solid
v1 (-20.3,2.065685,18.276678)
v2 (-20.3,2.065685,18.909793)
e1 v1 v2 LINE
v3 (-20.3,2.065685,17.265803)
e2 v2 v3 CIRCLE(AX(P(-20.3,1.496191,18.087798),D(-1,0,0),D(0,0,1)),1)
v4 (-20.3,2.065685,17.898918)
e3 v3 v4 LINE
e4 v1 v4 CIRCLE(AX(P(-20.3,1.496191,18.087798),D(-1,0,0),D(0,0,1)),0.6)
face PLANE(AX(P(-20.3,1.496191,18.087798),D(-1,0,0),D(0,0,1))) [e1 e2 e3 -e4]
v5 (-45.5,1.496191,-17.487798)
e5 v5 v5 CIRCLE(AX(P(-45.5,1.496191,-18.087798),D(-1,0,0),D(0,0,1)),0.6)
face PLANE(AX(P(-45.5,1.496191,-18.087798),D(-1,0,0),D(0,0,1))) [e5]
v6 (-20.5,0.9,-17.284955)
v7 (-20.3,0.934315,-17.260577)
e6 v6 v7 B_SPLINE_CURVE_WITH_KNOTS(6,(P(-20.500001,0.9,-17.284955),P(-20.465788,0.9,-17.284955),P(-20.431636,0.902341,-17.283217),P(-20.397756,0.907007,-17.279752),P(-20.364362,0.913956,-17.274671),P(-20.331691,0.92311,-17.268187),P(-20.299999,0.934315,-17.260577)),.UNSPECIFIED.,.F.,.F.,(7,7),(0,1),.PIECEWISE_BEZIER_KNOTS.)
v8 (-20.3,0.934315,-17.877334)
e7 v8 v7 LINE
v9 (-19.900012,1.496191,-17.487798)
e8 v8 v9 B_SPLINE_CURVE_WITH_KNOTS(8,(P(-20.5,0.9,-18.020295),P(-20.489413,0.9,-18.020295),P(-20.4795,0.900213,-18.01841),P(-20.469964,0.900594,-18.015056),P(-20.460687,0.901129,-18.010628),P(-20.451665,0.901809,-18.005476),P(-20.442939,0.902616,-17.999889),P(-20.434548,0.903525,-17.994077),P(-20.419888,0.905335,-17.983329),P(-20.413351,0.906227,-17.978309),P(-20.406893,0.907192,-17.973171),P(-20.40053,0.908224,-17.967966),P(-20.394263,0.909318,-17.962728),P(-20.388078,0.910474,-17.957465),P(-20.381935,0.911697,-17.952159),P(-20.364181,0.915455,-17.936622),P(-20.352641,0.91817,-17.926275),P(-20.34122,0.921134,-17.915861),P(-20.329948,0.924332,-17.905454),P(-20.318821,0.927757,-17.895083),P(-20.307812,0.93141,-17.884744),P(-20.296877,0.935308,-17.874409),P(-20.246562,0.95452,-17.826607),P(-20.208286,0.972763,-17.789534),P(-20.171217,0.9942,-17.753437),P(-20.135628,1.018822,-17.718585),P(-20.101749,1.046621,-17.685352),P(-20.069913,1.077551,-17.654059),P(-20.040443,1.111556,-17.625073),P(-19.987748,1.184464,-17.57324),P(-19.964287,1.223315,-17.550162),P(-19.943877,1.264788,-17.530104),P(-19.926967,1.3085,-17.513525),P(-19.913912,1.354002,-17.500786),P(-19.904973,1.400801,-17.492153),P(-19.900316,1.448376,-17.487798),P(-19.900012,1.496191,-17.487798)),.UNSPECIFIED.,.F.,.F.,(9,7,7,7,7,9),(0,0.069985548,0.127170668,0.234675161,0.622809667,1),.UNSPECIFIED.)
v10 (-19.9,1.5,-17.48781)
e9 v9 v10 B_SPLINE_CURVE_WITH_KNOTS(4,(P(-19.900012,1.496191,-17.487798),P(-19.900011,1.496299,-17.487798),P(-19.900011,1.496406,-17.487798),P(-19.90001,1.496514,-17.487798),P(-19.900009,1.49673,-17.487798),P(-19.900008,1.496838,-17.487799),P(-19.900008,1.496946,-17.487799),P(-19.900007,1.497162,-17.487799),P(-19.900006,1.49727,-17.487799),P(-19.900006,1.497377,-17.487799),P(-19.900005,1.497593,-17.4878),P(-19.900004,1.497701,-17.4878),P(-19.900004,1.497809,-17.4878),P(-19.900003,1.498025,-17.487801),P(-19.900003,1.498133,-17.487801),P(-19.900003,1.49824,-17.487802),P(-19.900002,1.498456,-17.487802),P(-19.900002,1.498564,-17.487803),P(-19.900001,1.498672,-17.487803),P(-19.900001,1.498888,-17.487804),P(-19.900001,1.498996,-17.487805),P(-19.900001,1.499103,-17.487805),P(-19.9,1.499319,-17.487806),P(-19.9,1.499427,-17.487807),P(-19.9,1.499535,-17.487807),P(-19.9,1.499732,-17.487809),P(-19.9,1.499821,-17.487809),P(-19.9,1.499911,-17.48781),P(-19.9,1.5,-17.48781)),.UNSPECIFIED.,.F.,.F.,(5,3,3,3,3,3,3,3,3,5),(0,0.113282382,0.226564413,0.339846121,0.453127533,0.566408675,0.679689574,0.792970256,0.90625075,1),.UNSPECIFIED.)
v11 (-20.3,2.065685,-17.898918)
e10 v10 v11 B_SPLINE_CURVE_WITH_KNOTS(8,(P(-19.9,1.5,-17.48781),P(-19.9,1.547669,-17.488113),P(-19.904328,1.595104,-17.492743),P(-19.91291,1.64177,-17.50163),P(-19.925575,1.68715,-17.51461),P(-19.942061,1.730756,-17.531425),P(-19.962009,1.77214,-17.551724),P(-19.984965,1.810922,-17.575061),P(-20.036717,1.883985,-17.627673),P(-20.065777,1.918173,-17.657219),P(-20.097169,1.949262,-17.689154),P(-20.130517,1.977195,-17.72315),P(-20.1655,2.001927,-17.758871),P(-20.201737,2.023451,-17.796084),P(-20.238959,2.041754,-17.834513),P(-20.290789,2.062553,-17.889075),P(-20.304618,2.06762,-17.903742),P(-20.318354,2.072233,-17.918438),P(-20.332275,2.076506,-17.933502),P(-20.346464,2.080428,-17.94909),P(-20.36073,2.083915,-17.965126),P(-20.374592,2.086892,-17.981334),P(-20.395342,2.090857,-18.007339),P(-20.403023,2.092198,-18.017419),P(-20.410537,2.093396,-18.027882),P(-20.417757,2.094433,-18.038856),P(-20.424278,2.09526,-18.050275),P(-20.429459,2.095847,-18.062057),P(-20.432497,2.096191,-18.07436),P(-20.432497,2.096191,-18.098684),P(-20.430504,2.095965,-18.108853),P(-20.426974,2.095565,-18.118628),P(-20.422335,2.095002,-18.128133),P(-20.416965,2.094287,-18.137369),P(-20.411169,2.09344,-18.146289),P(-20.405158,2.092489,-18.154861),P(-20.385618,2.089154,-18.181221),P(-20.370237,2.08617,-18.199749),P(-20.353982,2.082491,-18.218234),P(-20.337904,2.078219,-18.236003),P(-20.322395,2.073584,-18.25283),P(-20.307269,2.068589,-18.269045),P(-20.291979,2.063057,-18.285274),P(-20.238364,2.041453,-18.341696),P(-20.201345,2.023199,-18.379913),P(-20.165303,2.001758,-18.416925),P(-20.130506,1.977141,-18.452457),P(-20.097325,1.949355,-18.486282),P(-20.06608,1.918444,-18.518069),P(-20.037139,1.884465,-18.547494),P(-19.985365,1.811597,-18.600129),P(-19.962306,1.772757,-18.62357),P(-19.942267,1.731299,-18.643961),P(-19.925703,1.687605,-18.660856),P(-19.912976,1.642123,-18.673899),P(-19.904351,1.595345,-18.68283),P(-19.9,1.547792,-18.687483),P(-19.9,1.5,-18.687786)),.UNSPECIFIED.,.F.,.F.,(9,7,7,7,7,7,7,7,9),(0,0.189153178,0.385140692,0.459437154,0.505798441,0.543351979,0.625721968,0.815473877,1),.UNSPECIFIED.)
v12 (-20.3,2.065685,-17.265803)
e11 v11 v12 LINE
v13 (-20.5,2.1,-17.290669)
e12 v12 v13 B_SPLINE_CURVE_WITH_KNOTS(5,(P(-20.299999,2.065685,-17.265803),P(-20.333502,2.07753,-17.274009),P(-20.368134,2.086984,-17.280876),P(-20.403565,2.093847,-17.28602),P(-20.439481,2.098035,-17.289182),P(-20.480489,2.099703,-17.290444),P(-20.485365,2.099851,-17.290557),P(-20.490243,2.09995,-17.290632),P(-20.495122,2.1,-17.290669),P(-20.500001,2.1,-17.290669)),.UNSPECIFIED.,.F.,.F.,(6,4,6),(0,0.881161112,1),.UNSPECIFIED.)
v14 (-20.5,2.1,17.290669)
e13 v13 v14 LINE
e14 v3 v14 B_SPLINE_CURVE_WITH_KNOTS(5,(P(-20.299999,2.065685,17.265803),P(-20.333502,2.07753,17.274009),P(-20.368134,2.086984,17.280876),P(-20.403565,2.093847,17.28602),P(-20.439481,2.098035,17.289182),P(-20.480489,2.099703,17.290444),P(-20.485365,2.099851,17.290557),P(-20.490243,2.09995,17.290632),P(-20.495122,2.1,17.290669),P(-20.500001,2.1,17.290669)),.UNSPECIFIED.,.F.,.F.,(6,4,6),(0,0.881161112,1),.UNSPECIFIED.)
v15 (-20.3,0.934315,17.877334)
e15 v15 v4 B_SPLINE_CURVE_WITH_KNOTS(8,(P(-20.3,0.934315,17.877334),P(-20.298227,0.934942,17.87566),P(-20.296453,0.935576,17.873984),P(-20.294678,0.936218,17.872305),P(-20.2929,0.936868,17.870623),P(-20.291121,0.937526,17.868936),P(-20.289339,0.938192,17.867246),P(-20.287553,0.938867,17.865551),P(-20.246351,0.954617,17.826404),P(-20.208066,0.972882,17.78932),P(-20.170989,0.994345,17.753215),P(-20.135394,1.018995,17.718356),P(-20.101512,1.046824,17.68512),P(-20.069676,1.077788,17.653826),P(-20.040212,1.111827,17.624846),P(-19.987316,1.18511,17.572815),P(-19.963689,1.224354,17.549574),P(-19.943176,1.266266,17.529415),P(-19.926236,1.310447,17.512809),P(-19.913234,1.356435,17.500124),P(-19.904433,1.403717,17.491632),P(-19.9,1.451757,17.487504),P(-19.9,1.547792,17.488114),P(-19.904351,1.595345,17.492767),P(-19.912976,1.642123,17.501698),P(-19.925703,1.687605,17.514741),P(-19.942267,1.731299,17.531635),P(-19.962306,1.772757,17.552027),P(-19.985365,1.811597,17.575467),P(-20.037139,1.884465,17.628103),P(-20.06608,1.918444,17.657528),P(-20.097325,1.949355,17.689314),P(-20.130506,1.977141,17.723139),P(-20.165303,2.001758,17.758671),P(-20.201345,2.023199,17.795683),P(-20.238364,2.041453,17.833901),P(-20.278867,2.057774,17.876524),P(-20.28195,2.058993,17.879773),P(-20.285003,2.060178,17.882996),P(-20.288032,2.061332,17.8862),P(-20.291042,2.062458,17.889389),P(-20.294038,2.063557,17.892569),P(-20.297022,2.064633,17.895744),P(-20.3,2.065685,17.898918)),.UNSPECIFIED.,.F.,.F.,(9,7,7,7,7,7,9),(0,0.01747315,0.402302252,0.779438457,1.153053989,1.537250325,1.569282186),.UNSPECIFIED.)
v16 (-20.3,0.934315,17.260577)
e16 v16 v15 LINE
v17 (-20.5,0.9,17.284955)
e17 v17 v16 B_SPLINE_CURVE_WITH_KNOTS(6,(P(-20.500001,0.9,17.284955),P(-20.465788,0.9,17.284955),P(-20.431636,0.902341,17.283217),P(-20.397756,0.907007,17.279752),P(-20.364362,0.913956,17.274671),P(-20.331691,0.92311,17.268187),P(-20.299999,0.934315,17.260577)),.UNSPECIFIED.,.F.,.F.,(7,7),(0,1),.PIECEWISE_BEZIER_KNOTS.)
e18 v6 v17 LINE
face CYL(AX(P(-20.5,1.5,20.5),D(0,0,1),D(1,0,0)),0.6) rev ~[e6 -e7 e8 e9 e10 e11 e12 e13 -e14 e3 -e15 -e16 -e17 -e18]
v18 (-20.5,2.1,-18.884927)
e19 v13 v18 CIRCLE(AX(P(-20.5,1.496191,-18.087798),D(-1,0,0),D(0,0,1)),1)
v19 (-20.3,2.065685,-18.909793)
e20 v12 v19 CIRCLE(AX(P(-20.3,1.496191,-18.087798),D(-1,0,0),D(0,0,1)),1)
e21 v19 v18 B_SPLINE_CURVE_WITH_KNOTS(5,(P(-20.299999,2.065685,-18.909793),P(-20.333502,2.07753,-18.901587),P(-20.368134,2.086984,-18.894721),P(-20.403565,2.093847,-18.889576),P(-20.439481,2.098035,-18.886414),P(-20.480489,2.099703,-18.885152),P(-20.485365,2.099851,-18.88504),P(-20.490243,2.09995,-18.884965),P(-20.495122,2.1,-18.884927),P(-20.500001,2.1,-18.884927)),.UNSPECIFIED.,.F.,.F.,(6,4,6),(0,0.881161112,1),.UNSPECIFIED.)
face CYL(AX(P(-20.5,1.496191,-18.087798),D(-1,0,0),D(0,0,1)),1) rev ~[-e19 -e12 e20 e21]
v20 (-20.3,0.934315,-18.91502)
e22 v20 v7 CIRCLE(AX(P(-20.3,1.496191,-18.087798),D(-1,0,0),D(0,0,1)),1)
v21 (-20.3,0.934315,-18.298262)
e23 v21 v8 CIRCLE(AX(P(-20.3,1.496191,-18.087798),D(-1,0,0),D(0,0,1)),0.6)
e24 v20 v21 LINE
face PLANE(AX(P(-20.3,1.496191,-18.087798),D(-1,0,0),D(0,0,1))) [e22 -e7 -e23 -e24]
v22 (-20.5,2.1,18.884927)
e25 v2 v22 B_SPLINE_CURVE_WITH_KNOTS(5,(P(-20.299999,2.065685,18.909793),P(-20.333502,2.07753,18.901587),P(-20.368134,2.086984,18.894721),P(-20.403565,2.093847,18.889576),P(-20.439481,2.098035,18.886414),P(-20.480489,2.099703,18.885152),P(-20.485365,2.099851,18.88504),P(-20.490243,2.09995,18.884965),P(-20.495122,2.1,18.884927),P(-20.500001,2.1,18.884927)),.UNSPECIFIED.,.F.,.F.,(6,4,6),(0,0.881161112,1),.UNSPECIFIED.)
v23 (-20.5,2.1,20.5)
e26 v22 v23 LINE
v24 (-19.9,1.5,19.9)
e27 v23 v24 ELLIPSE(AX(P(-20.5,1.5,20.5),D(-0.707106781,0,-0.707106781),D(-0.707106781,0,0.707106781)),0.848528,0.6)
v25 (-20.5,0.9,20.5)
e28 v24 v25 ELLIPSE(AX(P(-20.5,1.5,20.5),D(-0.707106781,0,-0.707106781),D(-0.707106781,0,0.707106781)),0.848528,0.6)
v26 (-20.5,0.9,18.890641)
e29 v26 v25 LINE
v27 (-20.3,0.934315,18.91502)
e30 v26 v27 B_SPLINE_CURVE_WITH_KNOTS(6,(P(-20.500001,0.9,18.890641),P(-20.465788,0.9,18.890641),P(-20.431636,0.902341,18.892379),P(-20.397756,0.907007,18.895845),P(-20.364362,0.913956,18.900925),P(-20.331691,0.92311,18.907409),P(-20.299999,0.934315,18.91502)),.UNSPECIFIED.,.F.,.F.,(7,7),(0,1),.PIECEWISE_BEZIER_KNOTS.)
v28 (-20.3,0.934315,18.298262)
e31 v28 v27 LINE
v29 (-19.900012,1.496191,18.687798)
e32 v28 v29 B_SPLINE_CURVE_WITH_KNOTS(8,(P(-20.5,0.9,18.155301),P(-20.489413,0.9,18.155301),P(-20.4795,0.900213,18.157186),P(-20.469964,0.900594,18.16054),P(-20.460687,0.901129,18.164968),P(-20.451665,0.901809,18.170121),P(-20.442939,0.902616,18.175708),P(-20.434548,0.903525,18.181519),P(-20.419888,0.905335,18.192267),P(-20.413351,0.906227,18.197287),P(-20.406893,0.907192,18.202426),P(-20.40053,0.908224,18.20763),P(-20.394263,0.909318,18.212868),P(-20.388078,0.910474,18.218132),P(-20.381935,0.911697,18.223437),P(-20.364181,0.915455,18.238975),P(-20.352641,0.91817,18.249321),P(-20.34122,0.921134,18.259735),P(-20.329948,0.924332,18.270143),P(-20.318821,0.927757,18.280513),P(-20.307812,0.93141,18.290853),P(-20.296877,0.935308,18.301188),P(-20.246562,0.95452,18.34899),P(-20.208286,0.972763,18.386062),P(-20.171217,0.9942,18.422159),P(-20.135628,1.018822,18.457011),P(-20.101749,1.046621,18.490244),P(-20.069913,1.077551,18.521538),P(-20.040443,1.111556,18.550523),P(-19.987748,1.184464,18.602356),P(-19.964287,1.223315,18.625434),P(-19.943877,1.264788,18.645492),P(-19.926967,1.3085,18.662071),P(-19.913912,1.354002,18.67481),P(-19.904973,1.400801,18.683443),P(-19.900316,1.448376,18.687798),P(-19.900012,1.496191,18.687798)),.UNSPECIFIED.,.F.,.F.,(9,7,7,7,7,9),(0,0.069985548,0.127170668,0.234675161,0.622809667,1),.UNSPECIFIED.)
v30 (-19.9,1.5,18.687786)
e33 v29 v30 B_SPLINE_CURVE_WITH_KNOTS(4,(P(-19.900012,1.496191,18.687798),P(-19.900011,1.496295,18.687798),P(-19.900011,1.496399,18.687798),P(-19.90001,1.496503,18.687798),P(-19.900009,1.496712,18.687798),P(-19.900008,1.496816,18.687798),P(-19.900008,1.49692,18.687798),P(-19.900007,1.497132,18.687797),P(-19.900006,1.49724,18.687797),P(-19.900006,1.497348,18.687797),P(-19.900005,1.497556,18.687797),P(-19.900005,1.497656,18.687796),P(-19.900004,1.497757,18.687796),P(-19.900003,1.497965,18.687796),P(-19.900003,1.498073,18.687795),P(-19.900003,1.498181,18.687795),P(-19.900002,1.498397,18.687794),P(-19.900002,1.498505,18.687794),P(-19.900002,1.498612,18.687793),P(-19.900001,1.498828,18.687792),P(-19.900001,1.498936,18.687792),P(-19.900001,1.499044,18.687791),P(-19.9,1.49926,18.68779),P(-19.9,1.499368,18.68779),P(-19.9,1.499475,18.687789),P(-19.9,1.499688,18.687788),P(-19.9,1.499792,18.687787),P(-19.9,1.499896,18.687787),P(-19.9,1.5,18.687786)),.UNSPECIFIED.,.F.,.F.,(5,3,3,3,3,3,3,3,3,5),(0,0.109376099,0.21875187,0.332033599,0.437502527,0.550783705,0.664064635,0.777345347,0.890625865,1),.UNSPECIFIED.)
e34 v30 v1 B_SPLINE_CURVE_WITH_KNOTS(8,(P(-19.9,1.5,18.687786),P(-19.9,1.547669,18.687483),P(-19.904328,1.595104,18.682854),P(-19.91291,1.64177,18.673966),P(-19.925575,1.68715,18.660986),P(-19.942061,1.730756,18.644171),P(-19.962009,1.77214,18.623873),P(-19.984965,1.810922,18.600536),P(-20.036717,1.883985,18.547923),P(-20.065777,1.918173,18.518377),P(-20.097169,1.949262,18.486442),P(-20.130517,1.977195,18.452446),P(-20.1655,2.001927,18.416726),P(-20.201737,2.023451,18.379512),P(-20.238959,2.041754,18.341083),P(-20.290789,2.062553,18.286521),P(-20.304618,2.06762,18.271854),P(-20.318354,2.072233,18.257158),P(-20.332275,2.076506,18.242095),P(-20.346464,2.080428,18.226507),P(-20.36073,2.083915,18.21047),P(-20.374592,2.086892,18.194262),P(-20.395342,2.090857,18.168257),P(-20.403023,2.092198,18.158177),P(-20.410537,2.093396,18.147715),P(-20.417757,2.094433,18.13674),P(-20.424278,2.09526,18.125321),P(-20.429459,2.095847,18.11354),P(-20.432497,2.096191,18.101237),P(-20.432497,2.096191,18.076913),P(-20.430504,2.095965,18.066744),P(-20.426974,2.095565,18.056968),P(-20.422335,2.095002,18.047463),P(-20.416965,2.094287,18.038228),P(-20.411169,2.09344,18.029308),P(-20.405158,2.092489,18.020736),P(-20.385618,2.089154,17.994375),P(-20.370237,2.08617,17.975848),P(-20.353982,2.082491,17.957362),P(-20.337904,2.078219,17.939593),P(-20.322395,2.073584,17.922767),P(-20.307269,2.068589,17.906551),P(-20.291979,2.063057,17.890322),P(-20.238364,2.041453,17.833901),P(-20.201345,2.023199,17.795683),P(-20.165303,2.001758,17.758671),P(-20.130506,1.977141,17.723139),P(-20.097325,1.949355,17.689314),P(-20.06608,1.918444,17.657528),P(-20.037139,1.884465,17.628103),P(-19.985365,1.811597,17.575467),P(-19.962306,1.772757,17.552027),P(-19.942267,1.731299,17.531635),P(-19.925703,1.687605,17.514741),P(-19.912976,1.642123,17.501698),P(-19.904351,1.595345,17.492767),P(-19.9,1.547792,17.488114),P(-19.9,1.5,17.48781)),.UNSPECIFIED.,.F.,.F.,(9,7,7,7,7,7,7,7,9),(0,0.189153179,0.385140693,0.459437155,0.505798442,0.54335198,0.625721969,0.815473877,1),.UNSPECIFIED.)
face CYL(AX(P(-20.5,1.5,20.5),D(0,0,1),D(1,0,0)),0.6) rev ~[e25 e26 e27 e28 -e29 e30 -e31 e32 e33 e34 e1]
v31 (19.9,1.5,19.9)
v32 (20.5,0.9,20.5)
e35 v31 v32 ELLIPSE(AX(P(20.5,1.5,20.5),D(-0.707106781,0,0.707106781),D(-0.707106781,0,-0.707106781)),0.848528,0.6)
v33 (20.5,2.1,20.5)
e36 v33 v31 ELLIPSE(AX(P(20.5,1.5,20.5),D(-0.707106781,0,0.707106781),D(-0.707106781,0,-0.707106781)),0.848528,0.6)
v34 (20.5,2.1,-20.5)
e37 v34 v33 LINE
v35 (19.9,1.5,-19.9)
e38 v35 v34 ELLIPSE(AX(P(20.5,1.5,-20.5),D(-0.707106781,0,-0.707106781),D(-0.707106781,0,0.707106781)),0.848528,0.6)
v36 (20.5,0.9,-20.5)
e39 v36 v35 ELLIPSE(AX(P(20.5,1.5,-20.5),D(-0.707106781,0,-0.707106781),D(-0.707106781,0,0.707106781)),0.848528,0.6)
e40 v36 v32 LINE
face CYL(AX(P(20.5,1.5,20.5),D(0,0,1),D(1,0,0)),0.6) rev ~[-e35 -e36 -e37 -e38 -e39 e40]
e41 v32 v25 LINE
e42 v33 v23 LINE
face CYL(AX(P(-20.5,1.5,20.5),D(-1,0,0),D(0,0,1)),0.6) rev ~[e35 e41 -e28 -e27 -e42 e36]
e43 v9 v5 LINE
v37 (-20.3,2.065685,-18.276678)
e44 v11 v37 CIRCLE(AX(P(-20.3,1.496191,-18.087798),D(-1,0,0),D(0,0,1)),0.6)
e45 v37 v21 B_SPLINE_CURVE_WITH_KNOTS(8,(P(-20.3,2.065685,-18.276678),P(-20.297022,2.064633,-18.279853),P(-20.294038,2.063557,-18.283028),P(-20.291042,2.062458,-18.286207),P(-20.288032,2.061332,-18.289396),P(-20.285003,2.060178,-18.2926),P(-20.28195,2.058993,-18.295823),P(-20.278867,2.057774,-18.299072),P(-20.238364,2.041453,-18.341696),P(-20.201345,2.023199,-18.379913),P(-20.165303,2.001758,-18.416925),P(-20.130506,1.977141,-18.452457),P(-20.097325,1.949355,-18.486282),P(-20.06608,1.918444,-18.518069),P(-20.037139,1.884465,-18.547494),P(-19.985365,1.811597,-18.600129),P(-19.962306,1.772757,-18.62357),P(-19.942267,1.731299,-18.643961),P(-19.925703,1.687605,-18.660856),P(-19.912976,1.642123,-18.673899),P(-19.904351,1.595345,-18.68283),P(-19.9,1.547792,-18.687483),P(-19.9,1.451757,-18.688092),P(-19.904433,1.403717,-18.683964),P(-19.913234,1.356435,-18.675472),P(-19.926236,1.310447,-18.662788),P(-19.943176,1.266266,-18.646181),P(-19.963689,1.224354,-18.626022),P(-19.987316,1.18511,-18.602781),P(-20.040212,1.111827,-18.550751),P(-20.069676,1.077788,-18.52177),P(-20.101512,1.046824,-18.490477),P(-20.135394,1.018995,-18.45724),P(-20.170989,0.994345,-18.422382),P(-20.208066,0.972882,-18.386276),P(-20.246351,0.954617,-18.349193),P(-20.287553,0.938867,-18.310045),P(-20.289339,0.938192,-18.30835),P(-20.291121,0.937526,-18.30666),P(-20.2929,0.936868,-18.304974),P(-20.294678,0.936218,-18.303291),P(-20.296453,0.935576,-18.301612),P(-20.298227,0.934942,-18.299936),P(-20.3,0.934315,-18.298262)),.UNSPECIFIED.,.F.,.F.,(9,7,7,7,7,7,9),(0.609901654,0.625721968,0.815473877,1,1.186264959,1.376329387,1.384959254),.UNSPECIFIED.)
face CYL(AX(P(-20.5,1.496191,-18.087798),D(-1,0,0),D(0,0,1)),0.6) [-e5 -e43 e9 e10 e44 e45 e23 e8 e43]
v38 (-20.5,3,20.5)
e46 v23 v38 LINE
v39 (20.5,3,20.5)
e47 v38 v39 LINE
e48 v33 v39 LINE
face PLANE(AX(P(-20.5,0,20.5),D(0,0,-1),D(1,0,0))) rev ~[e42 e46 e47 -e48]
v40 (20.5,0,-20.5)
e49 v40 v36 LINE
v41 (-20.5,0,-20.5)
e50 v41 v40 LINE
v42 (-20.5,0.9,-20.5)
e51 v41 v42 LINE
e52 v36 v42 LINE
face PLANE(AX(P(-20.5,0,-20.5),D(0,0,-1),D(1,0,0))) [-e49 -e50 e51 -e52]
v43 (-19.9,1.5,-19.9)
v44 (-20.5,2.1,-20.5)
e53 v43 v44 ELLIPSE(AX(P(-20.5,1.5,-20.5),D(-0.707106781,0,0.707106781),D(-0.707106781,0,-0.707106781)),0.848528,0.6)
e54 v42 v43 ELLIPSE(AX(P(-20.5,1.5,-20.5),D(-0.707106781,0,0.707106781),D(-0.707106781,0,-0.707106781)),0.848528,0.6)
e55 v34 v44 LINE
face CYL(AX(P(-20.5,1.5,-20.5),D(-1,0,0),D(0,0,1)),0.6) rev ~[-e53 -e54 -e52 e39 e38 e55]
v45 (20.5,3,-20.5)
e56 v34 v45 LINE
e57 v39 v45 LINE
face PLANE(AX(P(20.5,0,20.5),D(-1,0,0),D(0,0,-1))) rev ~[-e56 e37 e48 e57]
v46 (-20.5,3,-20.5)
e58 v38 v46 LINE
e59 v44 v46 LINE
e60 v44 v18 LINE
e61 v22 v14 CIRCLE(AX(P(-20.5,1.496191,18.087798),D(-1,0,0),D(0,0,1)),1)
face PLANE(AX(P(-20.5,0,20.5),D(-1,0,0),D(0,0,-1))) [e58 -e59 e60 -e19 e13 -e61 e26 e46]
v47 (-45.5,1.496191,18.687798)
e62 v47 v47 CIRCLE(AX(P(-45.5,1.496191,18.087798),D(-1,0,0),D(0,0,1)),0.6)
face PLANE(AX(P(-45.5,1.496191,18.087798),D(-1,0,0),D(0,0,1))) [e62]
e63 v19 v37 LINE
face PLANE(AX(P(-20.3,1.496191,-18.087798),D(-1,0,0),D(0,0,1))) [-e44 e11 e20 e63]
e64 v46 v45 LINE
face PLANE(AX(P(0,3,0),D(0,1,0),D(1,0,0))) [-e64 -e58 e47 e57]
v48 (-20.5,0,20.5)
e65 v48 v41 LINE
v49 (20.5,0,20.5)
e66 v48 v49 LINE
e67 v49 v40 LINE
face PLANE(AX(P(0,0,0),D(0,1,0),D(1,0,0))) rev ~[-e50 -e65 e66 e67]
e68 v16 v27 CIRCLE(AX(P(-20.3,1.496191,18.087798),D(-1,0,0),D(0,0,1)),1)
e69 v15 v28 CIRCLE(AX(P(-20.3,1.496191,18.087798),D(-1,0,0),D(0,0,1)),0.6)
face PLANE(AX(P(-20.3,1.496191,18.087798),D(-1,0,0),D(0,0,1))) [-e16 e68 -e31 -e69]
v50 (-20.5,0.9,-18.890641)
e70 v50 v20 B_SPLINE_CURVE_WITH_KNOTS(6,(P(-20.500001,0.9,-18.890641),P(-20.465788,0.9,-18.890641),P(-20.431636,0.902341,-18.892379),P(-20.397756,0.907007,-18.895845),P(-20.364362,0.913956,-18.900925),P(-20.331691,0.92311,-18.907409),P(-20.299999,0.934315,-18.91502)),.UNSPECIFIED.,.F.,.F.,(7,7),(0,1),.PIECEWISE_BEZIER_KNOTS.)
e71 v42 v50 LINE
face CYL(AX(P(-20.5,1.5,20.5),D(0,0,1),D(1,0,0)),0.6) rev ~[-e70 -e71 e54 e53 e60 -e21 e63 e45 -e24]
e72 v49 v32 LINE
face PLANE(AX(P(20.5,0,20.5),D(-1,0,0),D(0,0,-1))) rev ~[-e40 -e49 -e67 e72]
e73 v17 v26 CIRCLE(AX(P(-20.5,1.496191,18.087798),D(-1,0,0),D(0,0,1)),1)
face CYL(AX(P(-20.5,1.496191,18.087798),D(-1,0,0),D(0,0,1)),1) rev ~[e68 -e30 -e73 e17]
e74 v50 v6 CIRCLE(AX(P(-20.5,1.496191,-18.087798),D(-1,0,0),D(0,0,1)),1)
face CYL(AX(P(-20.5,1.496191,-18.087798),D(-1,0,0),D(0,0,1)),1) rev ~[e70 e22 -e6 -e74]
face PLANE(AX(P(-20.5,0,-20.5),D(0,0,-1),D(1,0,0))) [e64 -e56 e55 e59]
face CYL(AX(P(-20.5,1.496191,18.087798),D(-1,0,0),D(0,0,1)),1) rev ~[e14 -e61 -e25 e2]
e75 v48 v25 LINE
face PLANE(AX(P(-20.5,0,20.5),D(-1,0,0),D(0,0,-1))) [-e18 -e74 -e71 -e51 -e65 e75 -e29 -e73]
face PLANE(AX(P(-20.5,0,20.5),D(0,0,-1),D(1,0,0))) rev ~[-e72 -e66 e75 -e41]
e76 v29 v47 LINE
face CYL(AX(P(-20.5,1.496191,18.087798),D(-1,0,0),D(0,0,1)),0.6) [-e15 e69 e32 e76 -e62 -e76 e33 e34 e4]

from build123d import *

# Parameters (mm, degrees)
SKETCH2_W                = 41
SKETCH2_H                = 41
BOSS_EXTRUDE1_DEPTH      = 3
SKETCH3_R                = 1
CUT_EXTRUDE1_DEPTH       = 0.2
SKETCH4_R                = 0.6
CUT_EXTRUDE2_DEPTH       = 41
SKETCH5_R                = 0.6
CUT_EXTRUDE3_DEPTH       = 41
SKETCH6_R                = 0.6
BOSS_EXTRUDE2_DEPTH      = 25
BOSS_EXTRUDE2_DEPTH_BACK = 1


with BuildPart() as part:
    # Sketch2 → Boss-Extrude1 (new body)
    with BuildSketch(Plane(origin=(0, 0, 0), x_dir=(1, 0, 0), z_dir=(0, 1, 0))):
        Rectangle(SKETCH2_W, SKETCH2_H)
    extrude(amount=BOSS_EXTRUDE1_DEPTH)

    # Sketch3 → Cut-Extrude1 (cut)
    with BuildSketch(Plane.ZY.offset(20.5)):
        with Locations((-18.087798173, 1.496190707)):
            Circle(SKETCH3_R)
        with Locations((18.087798173, 1.496190707)):
            Circle(SKETCH3_R)
    extrude(amount=-CUT_EXTRUDE1_DEPTH, mode=Mode.SUBTRACT)

    # Sketch4 → Cut-Extrude2 (cut)
    with BuildSketch(Plane.ZY.offset(20.5)):
        with Locations((-20.5, 1.5)):
            Circle(SKETCH4_R)
        with Locations((20.5, 1.5)):
            Circle(SKETCH4_R)
    extrude(amount=-CUT_EXTRUDE2_DEPTH, mode=Mode.SUBTRACT)

    # Sketch5 → Cut-Extrude3 (cut)
    with BuildSketch(Plane.XY.offset(20.5)):
        with Locations((-20.5, 1.5)):
            Circle(SKETCH5_R)
        with Locations((20.5, 1.5)):
            Circle(SKETCH5_R)
    extrude(amount=-CUT_EXTRUDE3_DEPTH, mode=Mode.SUBTRACT)

    # Sketch6 → Boss-Extrude2 (add, two sides)
    with BuildSketch(Plane.ZY.offset(20.5)) as boss_extrude2_sk:
        with Locations((-18.087798173, 1.496190707)):
            Circle(SKETCH6_R)
        with Locations((18.087798173, 1.496190707)):
            Circle(SKETCH6_R)
    extrude(amount=BOSS_EXTRUDE2_DEPTH)
    extrude(boss_extrude2_sk.sketch, amount=-BOSS_EXTRUDE2_DEPTH_BACK)


solid = part.part
